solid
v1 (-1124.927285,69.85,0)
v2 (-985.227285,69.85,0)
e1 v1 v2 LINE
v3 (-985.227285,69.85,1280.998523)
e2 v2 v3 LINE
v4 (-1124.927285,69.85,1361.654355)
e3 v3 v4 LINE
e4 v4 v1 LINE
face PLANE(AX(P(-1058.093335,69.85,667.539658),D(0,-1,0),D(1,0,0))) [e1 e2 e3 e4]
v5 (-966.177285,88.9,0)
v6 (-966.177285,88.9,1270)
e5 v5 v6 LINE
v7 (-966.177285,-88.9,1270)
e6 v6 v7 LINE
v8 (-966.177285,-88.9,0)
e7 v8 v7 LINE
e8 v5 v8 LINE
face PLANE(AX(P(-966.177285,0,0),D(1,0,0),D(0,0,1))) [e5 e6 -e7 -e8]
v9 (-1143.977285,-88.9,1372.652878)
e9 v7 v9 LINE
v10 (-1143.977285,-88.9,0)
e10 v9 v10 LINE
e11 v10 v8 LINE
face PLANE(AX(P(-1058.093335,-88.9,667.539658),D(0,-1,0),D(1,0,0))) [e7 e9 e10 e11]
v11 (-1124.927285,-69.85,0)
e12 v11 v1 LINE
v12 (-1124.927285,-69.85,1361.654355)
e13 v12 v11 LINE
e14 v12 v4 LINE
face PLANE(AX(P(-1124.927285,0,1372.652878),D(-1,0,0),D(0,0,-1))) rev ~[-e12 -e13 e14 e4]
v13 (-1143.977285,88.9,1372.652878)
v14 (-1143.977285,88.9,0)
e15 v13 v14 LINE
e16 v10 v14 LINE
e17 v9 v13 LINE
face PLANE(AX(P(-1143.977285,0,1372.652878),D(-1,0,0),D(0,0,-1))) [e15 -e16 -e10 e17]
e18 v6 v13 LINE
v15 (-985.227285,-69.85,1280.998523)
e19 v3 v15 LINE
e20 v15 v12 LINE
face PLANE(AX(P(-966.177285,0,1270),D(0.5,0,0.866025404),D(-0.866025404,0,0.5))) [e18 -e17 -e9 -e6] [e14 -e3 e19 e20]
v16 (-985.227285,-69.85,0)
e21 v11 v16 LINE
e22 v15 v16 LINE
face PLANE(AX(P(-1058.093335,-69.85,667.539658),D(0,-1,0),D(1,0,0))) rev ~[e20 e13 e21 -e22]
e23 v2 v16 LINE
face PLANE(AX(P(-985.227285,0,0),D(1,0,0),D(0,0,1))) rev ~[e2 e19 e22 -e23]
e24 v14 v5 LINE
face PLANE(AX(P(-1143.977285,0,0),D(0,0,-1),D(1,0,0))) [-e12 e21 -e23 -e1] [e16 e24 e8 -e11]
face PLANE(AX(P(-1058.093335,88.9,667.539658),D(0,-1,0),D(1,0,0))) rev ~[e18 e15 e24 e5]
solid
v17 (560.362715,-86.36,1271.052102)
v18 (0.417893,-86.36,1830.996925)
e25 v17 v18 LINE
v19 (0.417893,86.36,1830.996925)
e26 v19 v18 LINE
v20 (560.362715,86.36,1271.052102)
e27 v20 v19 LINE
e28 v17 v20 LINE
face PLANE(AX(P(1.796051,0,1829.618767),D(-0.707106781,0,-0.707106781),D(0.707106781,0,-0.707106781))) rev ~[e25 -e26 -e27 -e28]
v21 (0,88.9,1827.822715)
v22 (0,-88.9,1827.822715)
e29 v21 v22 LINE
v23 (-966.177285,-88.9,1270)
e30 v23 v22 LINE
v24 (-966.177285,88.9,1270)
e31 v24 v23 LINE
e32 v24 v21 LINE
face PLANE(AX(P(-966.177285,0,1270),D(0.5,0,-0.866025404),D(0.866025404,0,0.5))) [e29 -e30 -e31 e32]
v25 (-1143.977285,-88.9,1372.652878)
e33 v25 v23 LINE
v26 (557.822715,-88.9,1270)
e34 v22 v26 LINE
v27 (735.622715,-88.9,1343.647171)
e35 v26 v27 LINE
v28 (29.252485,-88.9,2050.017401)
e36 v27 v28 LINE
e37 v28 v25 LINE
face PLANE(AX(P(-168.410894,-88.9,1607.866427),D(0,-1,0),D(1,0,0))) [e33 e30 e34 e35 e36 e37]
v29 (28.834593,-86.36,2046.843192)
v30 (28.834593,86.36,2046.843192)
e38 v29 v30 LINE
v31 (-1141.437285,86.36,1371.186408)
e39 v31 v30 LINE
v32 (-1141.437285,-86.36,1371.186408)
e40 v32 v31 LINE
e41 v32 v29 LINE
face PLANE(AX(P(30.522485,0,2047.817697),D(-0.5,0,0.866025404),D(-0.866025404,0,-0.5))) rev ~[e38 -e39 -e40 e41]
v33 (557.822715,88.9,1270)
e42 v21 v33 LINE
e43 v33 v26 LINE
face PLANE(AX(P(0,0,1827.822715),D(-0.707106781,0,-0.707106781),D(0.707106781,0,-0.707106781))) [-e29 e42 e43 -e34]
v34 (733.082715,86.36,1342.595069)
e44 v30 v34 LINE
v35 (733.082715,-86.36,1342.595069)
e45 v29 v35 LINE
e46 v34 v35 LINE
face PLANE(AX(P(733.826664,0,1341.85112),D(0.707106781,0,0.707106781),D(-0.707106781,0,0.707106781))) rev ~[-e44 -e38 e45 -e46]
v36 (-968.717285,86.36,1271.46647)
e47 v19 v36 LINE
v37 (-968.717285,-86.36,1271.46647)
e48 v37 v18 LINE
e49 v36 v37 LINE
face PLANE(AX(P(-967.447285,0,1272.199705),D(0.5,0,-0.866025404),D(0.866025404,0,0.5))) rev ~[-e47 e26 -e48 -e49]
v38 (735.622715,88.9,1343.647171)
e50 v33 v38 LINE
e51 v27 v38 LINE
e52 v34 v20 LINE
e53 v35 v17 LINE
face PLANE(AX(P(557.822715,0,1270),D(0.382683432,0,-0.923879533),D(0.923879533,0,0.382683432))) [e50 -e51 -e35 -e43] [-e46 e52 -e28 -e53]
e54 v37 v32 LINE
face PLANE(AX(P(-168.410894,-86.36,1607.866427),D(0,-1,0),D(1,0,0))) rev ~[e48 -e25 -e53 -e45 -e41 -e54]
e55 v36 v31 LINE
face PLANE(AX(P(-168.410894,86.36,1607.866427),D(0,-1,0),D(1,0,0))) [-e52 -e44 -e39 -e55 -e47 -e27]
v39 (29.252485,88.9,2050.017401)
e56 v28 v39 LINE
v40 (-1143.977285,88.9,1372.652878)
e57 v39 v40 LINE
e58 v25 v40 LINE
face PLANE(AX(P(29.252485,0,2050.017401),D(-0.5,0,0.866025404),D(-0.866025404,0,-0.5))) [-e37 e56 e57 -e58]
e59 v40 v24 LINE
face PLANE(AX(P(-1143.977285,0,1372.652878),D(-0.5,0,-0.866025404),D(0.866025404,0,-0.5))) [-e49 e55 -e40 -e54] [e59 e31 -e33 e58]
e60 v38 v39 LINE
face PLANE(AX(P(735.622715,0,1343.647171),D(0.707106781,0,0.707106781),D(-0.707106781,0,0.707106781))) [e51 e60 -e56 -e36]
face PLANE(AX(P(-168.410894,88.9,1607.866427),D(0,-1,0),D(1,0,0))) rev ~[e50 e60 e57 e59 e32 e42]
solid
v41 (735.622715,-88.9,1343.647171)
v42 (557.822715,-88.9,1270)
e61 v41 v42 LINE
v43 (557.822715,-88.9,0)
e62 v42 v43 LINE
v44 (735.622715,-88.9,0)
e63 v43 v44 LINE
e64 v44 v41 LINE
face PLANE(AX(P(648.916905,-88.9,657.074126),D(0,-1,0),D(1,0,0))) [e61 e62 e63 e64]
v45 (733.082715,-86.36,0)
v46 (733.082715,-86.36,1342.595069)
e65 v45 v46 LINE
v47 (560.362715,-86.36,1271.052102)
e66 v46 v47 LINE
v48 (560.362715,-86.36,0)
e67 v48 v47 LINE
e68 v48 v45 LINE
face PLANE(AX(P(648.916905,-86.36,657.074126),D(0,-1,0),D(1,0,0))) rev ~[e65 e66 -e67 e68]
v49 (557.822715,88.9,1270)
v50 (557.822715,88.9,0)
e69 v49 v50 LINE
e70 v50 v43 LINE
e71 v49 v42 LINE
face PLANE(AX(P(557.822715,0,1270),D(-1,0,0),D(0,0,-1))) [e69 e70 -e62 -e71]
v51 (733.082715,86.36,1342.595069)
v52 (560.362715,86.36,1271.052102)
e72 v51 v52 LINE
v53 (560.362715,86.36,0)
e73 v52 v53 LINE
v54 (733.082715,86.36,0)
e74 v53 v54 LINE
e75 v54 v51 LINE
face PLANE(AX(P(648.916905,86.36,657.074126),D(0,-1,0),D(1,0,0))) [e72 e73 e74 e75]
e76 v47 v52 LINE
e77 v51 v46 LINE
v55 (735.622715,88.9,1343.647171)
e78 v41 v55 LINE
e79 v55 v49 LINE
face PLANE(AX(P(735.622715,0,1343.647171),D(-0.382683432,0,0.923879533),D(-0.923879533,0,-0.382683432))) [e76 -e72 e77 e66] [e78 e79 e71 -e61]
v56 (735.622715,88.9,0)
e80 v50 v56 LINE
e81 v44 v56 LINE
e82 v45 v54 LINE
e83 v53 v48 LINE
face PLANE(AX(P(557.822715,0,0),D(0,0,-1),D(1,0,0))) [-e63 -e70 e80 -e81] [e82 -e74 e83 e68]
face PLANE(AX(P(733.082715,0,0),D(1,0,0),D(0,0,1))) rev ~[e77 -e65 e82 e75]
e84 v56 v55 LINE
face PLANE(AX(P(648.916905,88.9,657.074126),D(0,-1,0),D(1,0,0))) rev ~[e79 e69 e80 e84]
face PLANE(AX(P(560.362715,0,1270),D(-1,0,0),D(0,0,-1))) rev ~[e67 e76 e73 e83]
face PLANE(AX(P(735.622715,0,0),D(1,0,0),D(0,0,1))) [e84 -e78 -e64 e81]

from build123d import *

# Parameters (mm, degrees)
F1_DEPTH = 88.9
F2_DEPTH = 88.9
F3_DEPTH = 88.9
F4_T     = -19.05
F5_T     = -2.54
F6_T     = -2.54


with BuildPart() as f1:
    # F0 (on Front) → F1 (new body, symmetric)
    with BuildSketch(Plane.XZ):
        Polygon((-1143.9772846325, 1372.6528778619), (-966.1772846325, 1270), (0, 1827.8227153675), (557.8227153675, 1270), (735.6227153675, 1343.6471713899), (29.2524853657, 2050.0174013917), align=None)
    extrude(amount=F1_DEPTH, both=True)

    # F6
    f6_openings = [f1.faces().sort_by_distance(p)[0] for p in [
        (-1055.077285, 0, 1321.326439),
        (646.722715, 0, 1306.823586),
    ]]
    offset(amount=F6_T, openings=f6_openings, kind=Kind.INTERSECTION)


with BuildPart() as f2:
    # F0 (on Front) → F2 (new body, symmetric)
    with BuildSketch(Plane.XZ):
        Polygon((-1143.9772846325, 0), (-966.1772846325, 0), (-966.1772846325, 1270), (-1143.9772846325, 1372.6528778619), align=None)
    extrude(amount=F2_DEPTH, both=True)

    # F4
    f4_openings = [f2.faces().sort_by_distance(p)[0] for p in [
        (-1055.077285, 0, 1321.326439),
        (-1055.077285, 0, 0),
    ]]
    offset(amount=F4_T, openings=f4_openings)


with BuildPart() as f3:
    # F0 (on Front) → F3 (new body, symmetric)
    with BuildSketch(Plane.XZ):
        Polygon((735.6227153675, 1343.6471713899), (557.8227153675, 1270), (557.8227153675, 0), (735.6227153675, 0), align=None)
    extrude(amount=F3_DEPTH, both=True)

    # F5
    f5_openings = [f3.faces().sort_by_distance(p)[0] for p in [
        (646.722715, 0, 1306.823586),
        (646.722715, 0, 0),
    ]]
    offset(amount=F5_T, openings=f5_openings)


solid = Compound([f1.part, f2.part, f3.part])
